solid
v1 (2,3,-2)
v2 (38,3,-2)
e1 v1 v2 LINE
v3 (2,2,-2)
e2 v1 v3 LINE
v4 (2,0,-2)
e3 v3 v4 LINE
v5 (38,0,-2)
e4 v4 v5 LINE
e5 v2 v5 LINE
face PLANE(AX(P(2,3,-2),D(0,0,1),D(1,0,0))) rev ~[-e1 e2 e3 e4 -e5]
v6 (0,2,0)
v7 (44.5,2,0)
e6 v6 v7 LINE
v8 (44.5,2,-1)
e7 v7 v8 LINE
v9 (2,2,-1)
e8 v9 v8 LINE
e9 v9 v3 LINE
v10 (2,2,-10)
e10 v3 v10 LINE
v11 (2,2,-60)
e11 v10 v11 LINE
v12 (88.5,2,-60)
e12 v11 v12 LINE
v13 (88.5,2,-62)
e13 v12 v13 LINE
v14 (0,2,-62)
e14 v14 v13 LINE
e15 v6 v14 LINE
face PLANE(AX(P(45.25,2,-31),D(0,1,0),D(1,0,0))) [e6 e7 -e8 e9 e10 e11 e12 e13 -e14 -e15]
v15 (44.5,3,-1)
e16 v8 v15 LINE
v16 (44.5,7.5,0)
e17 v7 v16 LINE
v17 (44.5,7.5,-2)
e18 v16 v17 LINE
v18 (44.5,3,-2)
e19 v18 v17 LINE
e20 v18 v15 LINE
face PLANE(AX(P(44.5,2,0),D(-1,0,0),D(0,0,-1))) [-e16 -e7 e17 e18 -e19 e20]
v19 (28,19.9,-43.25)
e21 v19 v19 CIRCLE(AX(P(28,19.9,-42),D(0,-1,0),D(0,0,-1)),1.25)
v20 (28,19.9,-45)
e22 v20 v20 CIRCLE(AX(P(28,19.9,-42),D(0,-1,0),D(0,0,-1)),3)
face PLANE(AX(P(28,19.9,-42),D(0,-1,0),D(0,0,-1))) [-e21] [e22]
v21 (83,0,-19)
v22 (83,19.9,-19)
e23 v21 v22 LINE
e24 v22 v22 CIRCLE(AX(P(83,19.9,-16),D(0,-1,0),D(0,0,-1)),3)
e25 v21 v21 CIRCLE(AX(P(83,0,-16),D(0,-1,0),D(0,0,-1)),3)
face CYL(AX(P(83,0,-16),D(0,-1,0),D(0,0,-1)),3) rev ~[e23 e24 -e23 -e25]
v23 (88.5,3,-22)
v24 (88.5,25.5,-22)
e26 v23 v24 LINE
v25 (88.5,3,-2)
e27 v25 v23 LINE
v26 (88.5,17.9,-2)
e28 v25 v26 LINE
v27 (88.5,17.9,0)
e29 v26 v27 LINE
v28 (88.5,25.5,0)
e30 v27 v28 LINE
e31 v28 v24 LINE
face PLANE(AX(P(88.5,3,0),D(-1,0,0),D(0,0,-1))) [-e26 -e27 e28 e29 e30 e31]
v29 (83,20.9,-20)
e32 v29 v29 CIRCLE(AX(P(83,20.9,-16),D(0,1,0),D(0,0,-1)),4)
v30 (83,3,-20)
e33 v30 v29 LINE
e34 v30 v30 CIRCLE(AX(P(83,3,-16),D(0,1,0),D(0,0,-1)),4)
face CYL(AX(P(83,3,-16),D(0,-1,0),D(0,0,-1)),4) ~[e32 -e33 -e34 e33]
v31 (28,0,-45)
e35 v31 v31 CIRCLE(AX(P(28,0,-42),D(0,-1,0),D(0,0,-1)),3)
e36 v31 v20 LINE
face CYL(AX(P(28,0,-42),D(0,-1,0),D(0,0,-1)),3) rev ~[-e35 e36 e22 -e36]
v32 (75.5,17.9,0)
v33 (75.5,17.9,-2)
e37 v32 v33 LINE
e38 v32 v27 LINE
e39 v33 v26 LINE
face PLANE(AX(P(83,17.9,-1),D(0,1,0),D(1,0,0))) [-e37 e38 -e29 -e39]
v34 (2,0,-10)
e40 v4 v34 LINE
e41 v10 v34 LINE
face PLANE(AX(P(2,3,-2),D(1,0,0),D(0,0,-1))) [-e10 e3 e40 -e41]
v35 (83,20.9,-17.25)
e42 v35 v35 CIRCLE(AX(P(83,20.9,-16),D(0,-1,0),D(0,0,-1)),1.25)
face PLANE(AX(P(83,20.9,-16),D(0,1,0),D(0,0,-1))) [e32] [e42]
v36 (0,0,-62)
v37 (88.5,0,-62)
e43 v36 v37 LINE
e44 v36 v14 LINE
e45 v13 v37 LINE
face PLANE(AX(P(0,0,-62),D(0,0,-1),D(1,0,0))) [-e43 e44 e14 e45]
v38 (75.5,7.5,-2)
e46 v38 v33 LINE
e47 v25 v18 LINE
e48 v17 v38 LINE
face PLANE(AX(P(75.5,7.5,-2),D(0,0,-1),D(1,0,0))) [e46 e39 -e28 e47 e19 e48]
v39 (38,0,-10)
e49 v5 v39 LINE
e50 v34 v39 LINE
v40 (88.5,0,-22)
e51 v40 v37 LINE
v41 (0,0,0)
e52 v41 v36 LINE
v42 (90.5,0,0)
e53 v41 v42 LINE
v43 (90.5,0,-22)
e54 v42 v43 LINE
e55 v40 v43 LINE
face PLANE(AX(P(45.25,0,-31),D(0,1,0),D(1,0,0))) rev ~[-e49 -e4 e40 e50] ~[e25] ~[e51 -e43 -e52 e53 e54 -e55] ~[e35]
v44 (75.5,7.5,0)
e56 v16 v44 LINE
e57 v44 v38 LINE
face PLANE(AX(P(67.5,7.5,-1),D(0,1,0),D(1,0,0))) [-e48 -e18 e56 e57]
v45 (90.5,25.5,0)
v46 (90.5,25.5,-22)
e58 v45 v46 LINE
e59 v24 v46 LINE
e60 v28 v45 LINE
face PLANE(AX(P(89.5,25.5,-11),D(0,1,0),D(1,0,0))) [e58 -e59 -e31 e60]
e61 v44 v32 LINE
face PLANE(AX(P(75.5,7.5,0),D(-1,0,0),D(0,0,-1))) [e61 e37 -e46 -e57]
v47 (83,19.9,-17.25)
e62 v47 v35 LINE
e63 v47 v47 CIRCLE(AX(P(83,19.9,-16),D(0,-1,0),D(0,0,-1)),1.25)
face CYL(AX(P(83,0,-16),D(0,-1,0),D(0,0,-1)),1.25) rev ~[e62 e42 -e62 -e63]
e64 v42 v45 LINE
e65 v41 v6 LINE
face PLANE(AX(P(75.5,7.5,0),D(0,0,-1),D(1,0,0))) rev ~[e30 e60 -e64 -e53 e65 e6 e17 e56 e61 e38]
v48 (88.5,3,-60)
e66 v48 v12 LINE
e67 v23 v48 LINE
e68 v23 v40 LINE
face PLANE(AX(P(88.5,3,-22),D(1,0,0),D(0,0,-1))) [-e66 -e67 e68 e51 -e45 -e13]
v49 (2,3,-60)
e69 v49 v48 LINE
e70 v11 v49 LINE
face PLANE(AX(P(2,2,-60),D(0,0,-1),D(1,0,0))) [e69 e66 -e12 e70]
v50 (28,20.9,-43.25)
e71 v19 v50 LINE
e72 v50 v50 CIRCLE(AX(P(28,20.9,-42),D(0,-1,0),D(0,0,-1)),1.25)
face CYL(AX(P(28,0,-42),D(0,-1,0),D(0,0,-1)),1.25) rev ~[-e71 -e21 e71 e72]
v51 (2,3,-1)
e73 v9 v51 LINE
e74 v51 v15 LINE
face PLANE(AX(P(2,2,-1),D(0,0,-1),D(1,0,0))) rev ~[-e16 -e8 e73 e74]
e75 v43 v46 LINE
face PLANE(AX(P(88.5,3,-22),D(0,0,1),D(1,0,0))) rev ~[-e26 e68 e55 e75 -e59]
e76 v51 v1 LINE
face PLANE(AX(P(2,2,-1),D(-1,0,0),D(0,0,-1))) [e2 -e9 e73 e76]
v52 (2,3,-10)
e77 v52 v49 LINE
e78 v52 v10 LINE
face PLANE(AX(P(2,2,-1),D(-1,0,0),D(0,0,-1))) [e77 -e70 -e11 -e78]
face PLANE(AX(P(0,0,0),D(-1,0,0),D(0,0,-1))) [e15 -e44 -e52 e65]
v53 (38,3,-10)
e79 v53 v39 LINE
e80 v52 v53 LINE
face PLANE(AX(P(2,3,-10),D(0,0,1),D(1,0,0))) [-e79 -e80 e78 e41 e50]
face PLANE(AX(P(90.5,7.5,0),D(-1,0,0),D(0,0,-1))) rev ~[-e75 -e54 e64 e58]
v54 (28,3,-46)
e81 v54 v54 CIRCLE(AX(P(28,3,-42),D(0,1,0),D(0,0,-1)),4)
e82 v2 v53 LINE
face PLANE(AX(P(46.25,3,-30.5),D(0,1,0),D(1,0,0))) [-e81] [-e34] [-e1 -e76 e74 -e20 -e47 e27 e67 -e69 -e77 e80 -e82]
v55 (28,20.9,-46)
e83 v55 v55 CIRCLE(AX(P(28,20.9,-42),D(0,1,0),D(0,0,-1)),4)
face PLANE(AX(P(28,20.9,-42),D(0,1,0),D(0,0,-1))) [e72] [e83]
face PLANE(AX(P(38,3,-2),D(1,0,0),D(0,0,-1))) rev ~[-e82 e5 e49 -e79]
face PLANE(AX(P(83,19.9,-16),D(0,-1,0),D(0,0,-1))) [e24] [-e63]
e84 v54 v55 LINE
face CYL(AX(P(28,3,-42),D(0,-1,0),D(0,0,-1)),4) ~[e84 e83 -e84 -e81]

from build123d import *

# Parameters (mm, degrees)
SKETCH1_W           = 90.5
SKETCH1_H           = 62
BOSS_EXTRUDE2_DEPTH = 2
SKETCH5_W           = 88.5
SKETCH5_H           = 59
BOSS_EXTRUDE4_DEPTH = 1
SKETCH6_W           = 46
SKETCH6_H           = 2
BOSS_EXTRUDE5_DEPTH = 5.5
SKETCH7_W           = 15
SKETCH7_H           = 2
BOSS_EXTRUDE6_DEPTH = 10.4
SKETCH8_W           = 2
SKETCH8_H           = 22
BOSS_EXTRUDE7_DEPTH = 22.5
SKETCH9_W           = 36
SKETCH9_H           = 8
CUT_EXTRUDE3_DEPTH  = 15.9
SKETCH10_R          = 4
BOSS_EXTRUDE9_DEPTH = 17.9
SKETCH14_R          = 3
CUT_EXTRUDE7_DEPTH  = 19.9
SKETCH15_R          = 1.25
CUT_EXTRUDE8_DEPTH  = 113.625485571
SKETCH17_W          = 2
SKETCH17_H          = 40
CUT_EXTRUDE9_DEPTH  = 112.98437391


with BuildPart() as part:
    # Sketch1 → Boss-Extrude2 (new body)
    with BuildSketch(Plane(origin=(0, 0, 0), x_dir=(1, 0, 0), z_dir=(0, 1, 0))):
        with Locations((45.25, 31)):
            Rectangle(SKETCH1_W, SKETCH1_H)
    extrude(amount=BOSS_EXTRUDE2_DEPTH)

    # Sketch5 → Boss-Extrude4 (add)
    with BuildSketch(Plane(origin=(0, 2, 0), x_dir=(1, 0, 0), z_dir=(0, 1, 0))):
        with Locations((46.25, 30.5)):
            Rectangle(SKETCH5_W, SKETCH5_H)
    extrude(amount=BOSS_EXTRUDE4_DEPTH)

    # Sketch6 → Boss-Extrude5 (add)
    with BuildSketch(Plane(origin=(0, 2, 0), x_dir=(1, 0, 0), z_dir=(0, 1, 0))):
        with Locations((67.5, 1)):
            Rectangle(SKETCH6_W, SKETCH6_H)
    extrude(amount=BOSS_EXTRUDE5_DEPTH)

    # Sketch7 → Boss-Extrude6 (add)
    with BuildSketch(Plane(origin=(0, 7.5, 0), x_dir=(1, 0, 0), z_dir=(0, 1, 0))):
        with Locations((83, 1)):
            Rectangle(SKETCH7_W, SKETCH7_H)
    extrude(amount=BOSS_EXTRUDE6_DEPTH)

    # Sketch8 → Boss-Extrude7 (add)
    with BuildSketch(Plane(origin=(0, 3, 0), x_dir=(1, 0, 0), z_dir=(0, 1, 0))):
        with Locations((89.5, 11)):
            Rectangle(SKETCH8_W, SKETCH8_H)
    extrude(amount=BOSS_EXTRUDE7_DEPTH)

    # Sketch9 → Cut-Extrude3 (cut)
    with BuildSketch(Plane(origin=(0, 3, 0), x_dir=(1, 0, 0), z_dir=(0, 1, 0))):
        with Locations((20, 6)):
            Rectangle(SKETCH9_W, SKETCH9_H)
    extrude(amount=-CUT_EXTRUDE3_DEPTH, mode=Mode.SUBTRACT)

    # Sketch10 → Boss-Extrude9 (add)
    with BuildSketch(Plane(origin=(0, 3, 0), x_dir=(1, 0, 0), z_dir=(0, 1, 0))):
        with Locations(Location((28, 42, 0), (0, 0, 90))):
            Circle(SKETCH10_R)
        with Locations(Location((83, 16, 0), (0, 0, 90))):
            Circle(SKETCH10_R)
    extrude(amount=BOSS_EXTRUDE9_DEPTH)

    # Sketch14 → Cut-Extrude7 (cut)
    with BuildSketch(Plane.XZ):
        with Locations(Location((28, -42, 0), (0, 0, 270))):
            Circle(SKETCH14_R)
        with Locations(Location((83, -16, 0), (0, 0, 270))):
            Circle(SKETCH14_R)
    extrude(amount=-CUT_EXTRUDE7_DEPTH, mode=Mode.SUBTRACT)

    # Sketch15 → Cut-Extrude8 (cut, through all)
    with BuildSketch(Plane.XZ):
        with Locations(Location((28, -42, 0), (0, 0, 270))):
            Circle(SKETCH15_R)
        with Locations(Location((83, -16, 0), (0, 0, 270))):
            Circle(SKETCH15_R)
    extrude(amount=-CUT_EXTRUDE8_DEPTH, mode=Mode.SUBTRACT)

    # Sketch17 → Cut-Extrude9 (cut, through all)
    with BuildSketch(Plane(origin=(0, 3, 0), x_dir=(1, 0, 0), z_dir=(0, 1, 0))):
        with Locations((89.5, 42)):
            Rectangle(SKETCH17_W, SKETCH17_H)
    extrude(amount=-CUT_EXTRUDE9_DEPTH, mode=Mode.SUBTRACT)


solid = part.part
